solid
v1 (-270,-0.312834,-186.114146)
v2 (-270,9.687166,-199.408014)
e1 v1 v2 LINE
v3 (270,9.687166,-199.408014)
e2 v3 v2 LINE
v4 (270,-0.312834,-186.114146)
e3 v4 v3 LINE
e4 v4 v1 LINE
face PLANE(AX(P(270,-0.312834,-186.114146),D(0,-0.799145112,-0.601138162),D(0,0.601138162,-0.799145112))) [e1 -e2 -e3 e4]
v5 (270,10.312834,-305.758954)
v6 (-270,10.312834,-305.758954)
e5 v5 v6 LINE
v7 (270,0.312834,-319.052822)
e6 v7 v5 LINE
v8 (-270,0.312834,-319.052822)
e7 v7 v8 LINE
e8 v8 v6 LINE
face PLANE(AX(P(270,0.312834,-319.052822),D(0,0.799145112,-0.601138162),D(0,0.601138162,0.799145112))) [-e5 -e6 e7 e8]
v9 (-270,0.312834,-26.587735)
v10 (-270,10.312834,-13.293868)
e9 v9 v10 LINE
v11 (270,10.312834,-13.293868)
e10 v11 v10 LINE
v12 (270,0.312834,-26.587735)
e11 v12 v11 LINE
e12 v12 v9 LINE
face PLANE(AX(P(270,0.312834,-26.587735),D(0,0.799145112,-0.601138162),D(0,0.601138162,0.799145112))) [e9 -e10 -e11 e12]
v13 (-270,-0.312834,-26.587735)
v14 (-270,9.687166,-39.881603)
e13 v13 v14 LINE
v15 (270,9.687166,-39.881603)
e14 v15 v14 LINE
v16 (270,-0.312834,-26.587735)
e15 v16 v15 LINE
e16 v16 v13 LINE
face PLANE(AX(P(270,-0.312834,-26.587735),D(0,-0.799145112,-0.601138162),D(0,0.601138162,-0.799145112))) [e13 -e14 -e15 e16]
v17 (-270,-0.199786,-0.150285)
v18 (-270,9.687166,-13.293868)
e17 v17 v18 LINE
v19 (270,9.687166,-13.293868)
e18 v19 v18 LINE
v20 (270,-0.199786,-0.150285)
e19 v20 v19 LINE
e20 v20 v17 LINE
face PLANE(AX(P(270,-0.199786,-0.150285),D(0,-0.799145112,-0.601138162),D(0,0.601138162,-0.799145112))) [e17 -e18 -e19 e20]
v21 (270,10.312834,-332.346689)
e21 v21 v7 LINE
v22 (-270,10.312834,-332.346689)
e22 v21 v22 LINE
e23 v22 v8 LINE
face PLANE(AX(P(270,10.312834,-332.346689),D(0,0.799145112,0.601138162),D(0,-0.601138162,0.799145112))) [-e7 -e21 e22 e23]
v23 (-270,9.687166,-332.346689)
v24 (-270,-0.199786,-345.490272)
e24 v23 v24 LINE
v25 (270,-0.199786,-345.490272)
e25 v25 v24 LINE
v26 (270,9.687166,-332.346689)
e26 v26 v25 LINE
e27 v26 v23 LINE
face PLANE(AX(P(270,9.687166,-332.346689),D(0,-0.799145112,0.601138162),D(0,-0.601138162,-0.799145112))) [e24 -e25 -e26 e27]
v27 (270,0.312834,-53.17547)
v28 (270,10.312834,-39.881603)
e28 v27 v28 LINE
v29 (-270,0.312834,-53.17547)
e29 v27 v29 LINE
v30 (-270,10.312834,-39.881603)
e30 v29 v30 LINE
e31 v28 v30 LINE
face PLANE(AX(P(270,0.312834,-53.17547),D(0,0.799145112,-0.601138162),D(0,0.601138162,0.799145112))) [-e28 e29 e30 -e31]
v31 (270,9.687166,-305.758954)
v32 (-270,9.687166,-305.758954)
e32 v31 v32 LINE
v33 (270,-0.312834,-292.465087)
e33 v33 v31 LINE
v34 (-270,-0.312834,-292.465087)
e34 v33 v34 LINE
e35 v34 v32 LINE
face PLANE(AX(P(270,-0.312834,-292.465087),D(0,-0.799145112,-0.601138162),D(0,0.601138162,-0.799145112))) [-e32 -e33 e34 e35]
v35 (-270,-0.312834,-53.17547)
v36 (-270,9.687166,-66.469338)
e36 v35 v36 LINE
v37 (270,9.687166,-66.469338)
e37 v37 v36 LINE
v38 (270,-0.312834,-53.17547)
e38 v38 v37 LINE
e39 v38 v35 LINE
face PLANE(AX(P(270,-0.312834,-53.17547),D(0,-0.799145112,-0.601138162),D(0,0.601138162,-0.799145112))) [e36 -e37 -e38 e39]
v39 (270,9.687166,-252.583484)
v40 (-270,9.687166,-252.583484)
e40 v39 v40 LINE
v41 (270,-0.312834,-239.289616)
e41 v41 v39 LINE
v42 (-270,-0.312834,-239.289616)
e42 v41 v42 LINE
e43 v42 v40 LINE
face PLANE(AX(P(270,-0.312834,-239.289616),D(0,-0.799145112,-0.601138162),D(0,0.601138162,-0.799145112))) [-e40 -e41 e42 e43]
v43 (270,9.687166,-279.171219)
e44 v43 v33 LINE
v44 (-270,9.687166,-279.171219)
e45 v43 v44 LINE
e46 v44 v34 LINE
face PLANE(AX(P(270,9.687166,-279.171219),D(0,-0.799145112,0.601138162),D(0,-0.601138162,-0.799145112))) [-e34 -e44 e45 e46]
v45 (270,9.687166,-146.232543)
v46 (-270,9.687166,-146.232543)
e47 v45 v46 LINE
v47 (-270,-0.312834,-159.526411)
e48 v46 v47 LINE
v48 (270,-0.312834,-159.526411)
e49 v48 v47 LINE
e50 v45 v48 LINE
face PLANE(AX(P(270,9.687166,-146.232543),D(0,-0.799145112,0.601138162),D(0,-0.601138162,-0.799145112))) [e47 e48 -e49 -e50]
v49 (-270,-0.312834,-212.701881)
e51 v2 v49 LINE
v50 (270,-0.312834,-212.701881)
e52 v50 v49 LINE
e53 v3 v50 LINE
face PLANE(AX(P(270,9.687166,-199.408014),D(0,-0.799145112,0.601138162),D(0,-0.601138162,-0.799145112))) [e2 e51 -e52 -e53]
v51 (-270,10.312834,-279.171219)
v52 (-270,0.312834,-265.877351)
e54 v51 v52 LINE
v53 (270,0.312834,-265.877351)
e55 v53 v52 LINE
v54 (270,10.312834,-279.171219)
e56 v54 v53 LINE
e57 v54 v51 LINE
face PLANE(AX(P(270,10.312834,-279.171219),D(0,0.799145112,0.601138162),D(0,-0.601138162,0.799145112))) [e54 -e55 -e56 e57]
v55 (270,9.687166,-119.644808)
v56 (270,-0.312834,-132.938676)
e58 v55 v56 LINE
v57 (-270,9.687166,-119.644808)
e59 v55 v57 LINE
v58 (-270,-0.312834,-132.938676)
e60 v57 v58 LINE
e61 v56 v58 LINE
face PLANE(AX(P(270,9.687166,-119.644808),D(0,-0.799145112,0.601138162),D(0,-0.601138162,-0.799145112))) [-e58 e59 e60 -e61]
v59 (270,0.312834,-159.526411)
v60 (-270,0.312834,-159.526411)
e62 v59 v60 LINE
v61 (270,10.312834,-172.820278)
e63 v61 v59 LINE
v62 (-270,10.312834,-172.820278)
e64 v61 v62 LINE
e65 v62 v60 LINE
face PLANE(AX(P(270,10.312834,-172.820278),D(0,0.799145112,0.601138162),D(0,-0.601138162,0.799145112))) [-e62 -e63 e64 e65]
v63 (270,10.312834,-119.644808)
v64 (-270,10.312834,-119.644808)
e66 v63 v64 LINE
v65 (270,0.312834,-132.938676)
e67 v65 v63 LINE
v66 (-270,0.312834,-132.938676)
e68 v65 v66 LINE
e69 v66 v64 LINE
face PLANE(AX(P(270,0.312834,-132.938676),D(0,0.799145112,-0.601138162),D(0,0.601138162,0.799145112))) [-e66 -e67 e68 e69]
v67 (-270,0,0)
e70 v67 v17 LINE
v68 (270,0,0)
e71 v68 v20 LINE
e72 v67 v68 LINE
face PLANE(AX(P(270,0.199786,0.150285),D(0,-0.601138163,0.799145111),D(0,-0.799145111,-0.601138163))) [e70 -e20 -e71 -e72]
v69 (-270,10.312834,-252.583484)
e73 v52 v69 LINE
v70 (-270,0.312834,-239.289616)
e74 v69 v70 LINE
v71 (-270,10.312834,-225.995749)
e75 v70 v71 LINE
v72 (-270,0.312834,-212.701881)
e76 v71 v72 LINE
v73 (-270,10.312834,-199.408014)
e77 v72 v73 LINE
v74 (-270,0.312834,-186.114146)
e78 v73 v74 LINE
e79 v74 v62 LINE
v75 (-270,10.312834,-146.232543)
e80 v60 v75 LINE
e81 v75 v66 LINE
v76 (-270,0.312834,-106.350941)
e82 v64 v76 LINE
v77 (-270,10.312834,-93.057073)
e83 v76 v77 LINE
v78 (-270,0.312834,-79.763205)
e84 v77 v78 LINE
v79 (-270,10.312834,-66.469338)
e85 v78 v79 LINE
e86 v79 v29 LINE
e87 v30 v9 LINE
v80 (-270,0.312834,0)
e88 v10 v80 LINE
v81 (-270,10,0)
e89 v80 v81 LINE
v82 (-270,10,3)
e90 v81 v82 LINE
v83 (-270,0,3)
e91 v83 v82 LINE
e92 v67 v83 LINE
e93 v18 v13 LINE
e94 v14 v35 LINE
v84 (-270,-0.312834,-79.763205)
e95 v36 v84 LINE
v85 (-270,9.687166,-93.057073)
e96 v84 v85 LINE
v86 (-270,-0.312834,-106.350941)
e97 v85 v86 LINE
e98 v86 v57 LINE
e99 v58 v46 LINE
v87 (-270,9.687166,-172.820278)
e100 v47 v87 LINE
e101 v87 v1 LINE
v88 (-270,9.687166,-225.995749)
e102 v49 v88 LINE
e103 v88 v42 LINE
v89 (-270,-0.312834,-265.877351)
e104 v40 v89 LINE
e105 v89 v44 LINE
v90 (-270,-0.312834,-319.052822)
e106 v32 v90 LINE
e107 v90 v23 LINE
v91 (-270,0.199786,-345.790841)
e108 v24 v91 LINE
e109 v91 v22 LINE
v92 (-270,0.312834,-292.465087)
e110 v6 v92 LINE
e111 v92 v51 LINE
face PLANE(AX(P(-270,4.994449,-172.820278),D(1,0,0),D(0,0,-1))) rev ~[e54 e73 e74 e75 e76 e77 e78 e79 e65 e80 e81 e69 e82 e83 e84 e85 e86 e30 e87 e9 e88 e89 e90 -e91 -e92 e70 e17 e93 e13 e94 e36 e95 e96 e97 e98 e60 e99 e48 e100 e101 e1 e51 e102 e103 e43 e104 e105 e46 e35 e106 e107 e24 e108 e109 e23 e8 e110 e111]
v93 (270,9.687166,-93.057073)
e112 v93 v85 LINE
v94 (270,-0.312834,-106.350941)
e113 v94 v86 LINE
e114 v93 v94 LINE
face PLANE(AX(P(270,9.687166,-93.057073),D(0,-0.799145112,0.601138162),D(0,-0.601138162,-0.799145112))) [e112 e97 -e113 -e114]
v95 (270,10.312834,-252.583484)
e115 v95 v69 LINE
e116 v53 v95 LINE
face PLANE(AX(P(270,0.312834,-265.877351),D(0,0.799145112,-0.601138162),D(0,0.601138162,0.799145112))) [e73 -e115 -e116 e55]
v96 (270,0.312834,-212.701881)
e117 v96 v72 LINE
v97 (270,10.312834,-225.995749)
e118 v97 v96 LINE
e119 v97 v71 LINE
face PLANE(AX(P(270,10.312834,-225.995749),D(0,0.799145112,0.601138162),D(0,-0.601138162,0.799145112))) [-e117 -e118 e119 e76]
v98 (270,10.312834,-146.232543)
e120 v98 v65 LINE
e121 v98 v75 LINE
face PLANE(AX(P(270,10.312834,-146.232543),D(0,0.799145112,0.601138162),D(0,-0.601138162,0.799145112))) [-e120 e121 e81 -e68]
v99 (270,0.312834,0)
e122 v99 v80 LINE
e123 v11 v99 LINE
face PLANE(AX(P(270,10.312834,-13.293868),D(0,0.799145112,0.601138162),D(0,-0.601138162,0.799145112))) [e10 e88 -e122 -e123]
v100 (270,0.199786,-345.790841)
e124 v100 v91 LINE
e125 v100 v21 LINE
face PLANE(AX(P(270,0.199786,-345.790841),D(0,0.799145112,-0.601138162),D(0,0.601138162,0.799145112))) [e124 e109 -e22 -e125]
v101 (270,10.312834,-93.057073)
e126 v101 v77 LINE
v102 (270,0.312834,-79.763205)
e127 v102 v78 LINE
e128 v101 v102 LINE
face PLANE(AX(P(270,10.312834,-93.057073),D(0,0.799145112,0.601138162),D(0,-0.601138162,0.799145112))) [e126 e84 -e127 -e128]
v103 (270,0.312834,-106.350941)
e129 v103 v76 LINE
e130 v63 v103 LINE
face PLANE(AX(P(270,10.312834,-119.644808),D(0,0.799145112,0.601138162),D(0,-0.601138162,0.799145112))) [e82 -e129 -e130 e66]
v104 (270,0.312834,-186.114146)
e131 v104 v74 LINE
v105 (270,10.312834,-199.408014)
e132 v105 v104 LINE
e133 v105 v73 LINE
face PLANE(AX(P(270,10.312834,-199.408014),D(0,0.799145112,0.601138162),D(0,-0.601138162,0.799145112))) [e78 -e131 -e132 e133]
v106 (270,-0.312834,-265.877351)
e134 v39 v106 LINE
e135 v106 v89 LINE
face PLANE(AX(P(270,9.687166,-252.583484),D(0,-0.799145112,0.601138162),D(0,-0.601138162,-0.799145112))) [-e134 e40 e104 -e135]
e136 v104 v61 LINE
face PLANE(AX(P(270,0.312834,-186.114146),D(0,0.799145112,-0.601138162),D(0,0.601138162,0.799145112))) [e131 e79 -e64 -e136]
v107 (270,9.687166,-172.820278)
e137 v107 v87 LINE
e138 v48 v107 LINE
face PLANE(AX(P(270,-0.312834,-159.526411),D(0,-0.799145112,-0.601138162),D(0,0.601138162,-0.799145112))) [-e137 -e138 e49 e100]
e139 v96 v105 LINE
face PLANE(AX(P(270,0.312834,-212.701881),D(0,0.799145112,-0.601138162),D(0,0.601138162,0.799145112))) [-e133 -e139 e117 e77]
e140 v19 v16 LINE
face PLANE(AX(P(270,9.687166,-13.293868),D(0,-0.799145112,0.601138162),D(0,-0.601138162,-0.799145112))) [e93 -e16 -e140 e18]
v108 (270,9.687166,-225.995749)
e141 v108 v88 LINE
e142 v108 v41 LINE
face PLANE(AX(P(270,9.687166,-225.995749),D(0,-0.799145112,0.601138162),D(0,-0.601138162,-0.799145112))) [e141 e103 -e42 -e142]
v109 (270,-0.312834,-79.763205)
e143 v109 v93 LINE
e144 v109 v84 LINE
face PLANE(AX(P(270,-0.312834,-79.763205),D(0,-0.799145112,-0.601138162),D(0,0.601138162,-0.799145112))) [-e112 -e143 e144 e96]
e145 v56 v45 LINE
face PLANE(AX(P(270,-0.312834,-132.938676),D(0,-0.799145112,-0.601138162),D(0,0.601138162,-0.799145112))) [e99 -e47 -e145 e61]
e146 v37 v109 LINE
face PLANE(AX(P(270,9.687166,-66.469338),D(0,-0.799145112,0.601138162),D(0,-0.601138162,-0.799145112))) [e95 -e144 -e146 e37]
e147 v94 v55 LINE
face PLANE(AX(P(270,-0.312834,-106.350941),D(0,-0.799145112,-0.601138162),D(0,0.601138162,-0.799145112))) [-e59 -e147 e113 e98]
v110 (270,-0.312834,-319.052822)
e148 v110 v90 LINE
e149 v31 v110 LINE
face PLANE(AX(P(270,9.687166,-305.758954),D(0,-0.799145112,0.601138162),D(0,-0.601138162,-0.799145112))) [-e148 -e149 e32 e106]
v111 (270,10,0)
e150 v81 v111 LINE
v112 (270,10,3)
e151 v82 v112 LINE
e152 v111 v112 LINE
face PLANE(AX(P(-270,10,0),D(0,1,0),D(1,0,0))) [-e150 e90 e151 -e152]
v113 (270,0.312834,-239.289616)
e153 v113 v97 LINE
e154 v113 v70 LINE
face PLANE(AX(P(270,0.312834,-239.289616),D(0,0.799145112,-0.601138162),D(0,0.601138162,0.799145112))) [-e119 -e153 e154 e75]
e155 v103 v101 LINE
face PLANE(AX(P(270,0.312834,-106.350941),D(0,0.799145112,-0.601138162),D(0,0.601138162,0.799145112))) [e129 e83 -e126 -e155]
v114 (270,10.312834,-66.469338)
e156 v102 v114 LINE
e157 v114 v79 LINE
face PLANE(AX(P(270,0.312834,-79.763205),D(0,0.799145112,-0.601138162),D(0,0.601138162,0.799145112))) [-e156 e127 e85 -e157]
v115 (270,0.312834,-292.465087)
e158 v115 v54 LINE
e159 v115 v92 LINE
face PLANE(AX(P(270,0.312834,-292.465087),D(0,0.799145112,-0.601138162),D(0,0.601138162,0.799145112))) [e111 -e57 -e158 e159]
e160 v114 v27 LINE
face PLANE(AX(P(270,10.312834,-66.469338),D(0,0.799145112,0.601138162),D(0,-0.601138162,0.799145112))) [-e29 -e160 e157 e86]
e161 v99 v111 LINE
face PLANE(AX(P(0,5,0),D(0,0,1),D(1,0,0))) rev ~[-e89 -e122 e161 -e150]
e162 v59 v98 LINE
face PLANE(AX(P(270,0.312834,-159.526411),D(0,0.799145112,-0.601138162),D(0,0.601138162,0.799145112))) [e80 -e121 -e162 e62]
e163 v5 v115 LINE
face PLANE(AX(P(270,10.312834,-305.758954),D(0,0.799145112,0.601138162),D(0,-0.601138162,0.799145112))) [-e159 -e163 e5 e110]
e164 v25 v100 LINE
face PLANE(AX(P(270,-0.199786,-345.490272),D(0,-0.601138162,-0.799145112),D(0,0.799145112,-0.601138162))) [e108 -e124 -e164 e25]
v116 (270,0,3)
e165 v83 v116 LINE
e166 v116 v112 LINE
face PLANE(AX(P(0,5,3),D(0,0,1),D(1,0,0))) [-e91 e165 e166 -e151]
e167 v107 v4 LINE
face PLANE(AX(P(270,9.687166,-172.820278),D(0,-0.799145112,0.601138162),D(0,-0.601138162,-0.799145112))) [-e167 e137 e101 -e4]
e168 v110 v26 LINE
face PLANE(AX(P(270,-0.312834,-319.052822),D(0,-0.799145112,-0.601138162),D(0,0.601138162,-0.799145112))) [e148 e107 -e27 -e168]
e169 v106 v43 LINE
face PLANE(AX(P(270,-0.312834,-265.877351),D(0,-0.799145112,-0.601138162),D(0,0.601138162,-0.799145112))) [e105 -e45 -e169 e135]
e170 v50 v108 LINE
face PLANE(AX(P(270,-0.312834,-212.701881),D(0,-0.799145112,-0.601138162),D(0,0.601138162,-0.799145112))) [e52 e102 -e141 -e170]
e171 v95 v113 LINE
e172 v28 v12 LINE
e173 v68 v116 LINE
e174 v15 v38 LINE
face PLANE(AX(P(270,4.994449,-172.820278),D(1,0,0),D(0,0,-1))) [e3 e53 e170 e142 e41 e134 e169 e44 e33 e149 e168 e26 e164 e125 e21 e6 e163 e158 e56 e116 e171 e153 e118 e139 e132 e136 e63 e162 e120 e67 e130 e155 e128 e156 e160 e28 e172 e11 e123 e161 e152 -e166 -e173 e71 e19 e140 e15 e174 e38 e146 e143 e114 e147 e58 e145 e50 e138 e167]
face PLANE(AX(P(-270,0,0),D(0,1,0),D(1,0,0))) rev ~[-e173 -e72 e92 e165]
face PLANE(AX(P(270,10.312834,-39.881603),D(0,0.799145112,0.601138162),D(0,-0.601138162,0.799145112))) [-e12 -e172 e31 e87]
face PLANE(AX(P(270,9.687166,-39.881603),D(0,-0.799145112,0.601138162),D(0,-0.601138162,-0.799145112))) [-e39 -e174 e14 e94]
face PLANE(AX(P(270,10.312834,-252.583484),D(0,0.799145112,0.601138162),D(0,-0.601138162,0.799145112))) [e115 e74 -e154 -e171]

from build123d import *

# Parameters (mm, degrees)
SKETCH2_W           = 540
SKETCH2_H           = 10
BOSS_EXTRUDE1_DEPTH = 3
EXTRUDE_THIN1_DEPTH = 540


with BuildPart() as part:
    # Sketch2 → Boss-Extrude1 (new body)
    with BuildSketch(Plane.XY):
        with Locations((0, 5)):
            Rectangle(SKETCH2_W, SKETCH2_H)
    extrude(amount=BOSS_EXTRUDE1_DEPTH)

    # Sketch3 → Extrude-Thin1 (add, through all)
    with BuildSketch(Plane(origin=(270, 0, 0), x_dir=(0, 0, -1), z_dir=(1, 0, 0))):
        Polygon((0.150284541, -0.199786278), (13.293867572, 9.687165702), (26.587735145, -0.312834298), (39.881602717, 9.687165702), (53.175470289, -0.312834298), (66.469337861, 9.687165702), (79.763205434, -0.312834298), (93.057073006, 9.687165702), (106.350940578, -0.312834298), (119.64480815, 9.687165702), (132.938675723, -0.312834298), (146.232543295, 9.687165702), (159.526410867, -0.312834298), (172.820278439, 9.687165702), (186.114146012, -0.312834298), (199.408013584, 9.687165702), (212.701881156, -0.312834298), (225.995748728, 9.687165702), (239.289616301, -0.312834298), (252.583483873, 9.687165702), (265.877351445, -0.312834298), (279.171219017, 9.687165702), (292.46508659, -0.312834298), (305.758954162, 9.687165702), (319.052821734, -0.312834298), (332.346689306, 9.687165702), (345.490272338, -0.199786278), (345.790841419, 0.199786278), (332.346689306, 10.312834298), (319.052821734, 0.312834298), (305.758954162, 10.312834298), (292.46508659, 0.312834298), (279.171219017, 10.312834298), (265.877351445, 0.312834298), (252.583483873, 10.312834298), (239.289616301, 0.312834298), (225.995748728, 10.312834298), (212.701881156, 0.312834298), (199.408013584, 10.312834298), (186.114146012, 0.312834298), (172.820278439, 10.312834298), (159.526410867, 0.312834298), (146.232543295, 10.312834298), (132.938675723, 0.312834298), (119.64480815, 10.312834298), (106.350940578, 0.312834298), (93.057073006, 10.312834298), (79.763205434, 0.312834298), (66.469337861, 10.312834298), (53.175470289, 0.312834298), (39.881602717, 10.312834298), (26.587735145, 0.312834298), (13.293867572, 10.312834298), (-0.150284541, 0.199786278), align=None)
    extrude(amount=-EXTRUDE_THIN1_DEPTH)


solid = part.part
